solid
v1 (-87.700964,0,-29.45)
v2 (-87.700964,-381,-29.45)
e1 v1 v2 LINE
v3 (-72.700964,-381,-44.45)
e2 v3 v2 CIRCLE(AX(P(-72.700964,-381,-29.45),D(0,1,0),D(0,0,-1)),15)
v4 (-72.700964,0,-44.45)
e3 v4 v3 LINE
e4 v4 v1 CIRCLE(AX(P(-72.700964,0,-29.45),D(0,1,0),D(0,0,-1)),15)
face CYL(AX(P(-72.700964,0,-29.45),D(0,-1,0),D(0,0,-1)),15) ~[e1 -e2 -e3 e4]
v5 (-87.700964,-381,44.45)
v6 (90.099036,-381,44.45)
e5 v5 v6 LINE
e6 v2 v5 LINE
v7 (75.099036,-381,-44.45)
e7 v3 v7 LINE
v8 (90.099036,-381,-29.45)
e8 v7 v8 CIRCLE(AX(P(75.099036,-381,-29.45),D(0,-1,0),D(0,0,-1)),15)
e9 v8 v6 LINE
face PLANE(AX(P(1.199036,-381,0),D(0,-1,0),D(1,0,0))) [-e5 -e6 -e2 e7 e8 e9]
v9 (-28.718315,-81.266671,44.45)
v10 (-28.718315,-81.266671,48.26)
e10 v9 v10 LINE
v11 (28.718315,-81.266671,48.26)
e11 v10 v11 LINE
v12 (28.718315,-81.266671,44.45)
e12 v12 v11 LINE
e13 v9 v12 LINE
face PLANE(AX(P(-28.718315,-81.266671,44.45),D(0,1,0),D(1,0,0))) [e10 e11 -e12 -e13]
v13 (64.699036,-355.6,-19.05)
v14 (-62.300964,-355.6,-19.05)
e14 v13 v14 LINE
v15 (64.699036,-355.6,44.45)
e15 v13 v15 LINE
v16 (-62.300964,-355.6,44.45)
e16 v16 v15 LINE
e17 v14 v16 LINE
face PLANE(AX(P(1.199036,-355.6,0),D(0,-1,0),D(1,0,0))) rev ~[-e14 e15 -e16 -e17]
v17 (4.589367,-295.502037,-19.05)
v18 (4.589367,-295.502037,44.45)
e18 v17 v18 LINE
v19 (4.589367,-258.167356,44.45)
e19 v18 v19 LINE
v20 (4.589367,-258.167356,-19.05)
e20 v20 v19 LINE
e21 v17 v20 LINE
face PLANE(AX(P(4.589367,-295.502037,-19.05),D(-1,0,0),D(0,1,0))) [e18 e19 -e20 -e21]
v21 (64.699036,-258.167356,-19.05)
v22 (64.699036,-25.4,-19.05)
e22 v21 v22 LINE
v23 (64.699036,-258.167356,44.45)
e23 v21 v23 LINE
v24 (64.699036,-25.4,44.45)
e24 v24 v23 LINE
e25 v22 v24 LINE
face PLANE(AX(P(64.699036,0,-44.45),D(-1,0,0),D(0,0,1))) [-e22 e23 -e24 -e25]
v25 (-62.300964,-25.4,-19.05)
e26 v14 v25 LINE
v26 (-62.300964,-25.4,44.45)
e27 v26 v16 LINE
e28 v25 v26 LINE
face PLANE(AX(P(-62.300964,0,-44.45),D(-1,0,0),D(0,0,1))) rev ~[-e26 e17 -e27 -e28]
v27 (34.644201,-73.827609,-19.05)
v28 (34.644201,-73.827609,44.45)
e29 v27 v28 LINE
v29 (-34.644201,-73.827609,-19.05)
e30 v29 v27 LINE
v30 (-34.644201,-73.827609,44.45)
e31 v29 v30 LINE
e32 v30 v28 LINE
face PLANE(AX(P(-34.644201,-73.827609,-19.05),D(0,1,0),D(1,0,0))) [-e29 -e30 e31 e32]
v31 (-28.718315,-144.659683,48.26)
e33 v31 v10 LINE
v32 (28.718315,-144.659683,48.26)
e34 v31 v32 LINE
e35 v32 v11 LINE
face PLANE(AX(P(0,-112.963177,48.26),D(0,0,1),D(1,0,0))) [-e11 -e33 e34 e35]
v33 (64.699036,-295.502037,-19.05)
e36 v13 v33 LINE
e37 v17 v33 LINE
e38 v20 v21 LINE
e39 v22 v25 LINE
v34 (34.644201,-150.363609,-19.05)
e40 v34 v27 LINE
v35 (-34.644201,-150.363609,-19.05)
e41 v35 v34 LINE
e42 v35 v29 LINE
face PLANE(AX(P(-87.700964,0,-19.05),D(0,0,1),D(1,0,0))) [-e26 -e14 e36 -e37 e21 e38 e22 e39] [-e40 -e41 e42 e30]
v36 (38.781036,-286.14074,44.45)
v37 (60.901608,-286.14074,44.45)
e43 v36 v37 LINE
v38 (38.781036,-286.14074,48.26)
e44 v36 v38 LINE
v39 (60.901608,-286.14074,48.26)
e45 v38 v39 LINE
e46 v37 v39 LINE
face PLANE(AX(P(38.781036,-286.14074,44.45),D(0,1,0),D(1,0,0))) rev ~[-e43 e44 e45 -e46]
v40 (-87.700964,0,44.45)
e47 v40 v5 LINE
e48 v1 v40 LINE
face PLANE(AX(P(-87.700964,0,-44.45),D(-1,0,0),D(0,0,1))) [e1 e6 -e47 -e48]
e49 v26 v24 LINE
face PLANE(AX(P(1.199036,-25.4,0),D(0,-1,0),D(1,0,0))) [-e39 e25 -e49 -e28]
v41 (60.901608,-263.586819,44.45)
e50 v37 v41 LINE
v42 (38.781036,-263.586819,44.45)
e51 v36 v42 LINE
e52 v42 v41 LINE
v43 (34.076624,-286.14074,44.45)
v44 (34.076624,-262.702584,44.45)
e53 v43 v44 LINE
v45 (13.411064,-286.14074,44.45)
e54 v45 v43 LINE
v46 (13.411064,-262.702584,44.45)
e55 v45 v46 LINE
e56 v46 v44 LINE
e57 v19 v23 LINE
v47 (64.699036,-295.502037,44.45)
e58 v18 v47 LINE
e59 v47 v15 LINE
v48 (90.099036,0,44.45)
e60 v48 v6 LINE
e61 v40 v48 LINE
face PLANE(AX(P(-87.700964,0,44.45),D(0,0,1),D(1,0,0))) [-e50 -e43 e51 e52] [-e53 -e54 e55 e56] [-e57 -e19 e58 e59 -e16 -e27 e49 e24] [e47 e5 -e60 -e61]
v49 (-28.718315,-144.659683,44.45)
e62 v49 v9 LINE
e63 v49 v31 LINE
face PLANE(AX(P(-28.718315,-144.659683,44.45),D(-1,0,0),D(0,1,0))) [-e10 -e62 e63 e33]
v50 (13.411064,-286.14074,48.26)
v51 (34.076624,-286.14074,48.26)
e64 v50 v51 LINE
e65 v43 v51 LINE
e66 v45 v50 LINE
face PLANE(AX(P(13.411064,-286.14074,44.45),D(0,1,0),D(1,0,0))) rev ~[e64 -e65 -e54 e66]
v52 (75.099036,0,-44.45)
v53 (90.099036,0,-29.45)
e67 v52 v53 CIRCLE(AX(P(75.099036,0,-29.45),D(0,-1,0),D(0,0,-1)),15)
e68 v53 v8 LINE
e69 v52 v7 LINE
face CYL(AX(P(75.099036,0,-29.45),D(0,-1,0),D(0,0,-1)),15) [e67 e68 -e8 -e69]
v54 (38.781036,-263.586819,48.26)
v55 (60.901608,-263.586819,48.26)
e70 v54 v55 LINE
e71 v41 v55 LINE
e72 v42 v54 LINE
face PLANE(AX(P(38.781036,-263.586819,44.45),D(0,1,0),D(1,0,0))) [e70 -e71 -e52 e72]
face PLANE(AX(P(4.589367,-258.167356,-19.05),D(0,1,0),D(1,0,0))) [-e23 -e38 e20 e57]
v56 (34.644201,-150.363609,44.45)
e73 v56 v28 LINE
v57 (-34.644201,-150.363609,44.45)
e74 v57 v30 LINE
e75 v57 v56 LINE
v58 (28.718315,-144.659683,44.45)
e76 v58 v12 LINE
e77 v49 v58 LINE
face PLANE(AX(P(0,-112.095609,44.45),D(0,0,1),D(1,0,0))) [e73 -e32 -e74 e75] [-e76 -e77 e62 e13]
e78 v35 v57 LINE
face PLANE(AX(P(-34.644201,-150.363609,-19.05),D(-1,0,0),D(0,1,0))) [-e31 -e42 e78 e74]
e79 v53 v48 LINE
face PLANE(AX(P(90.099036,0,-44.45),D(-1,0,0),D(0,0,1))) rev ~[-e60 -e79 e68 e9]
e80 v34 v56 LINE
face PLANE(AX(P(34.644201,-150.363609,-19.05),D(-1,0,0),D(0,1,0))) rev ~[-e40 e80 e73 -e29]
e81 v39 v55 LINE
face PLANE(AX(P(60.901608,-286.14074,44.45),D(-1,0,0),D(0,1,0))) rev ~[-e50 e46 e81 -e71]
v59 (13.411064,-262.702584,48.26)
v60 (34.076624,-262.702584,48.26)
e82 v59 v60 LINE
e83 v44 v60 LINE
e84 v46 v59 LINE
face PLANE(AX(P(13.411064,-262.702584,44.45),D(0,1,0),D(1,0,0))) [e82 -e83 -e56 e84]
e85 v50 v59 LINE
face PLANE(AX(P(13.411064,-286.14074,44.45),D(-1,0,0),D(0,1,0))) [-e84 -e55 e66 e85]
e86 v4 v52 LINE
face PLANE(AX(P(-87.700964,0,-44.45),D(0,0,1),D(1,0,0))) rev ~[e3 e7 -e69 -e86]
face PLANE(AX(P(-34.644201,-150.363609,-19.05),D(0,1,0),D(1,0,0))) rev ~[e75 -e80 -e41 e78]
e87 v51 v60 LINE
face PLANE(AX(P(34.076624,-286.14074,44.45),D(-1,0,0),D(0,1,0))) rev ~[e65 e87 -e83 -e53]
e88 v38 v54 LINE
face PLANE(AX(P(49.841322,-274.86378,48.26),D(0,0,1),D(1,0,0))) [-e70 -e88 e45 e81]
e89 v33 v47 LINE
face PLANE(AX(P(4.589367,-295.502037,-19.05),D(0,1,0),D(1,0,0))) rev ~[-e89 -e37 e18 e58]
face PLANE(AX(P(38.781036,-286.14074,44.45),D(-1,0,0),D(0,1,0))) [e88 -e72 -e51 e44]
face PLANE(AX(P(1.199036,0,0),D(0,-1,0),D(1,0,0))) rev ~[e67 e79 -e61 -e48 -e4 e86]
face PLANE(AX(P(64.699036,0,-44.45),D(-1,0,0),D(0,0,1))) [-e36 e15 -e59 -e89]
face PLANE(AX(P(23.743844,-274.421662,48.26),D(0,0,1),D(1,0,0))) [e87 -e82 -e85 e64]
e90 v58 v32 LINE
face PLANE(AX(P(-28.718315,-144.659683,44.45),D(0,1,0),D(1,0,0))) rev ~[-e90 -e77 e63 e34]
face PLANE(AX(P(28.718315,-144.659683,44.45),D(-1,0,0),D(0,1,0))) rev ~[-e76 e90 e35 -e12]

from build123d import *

# Parameters (mm, degrees)
F0_W     = 177.8
F0_H     = 88.9
F1_DEPTH = 381
F2_T     = -25.4
F3_W     = 69.2884027958
F3_H     = 76.5359997749
F3_W_2   = 60.1096697411
F3_H_2   = 37.3346805573
F4_DEPTH = 63.5
F5_W     = 57.4366301298
F5_H     = 63.3930116892
F5_W_2   = 22.1205726266
F5_H_2   = 22.5539207458
F5_W_3   = 20.6655599177
F5_H_3   = 23.4381556511
F6_DEPTH = 3.81
F7_R     = 15
F8_R     = 15


with BuildPart() as f1:
    # F0 (on Front) → F1 (new body)
    with BuildSketch(Plane.XZ):
        with Locations((1.1990362685, 0)):
            Rectangle(F0_W, F0_H)
    extrude(amount=F1_DEPTH)

    # F2
    f2_openings = [f1.faces().sort_by_distance(p)[0] for p in [
        (1.199036, -190.5, 44.45),
    ]]
    offset(amount=F2_T, openings=f2_openings)

    # F3 (on face) → F4 (join)
    with BuildSketch(Plane.XY.offset(-19.05)):
        with Locations((0, -112.0956093073)):
            Rectangle(F3_W, F3_H)
        with Locations((34.6442013979, -276.8346965313)):
            Rectangle(F3_W_2, F3_H_2)
    extrude(amount=F4_DEPTH)

    # F5 (on face) → F6 (join)
    with BuildSketch(Plane.XY.offset(44.45)):
        with Locations((0, -112.9631772637)):
            Rectangle(F5_W, F5_H)
        with Locations((49.8413220048, -274.8637795448)):
            Rectangle(F5_W_2, F5_H_2)
        with Locations((23.7438436598, -274.4216620922)):
            Rectangle(F5_W_3, F5_H_3)
    extrude(amount=F6_DEPTH)

    # F7
    f7_edges = [f1.edges().sort_by_distance(p)[0] for p in [
        (90.099036, -190.5, -44.45),
    ]]
    fillet(f7_edges, radius=F7_R)

    # F8
    f8_edges = [f1.edges().sort_by_distance(p)[0] for p in [
        (-87.700964, -190.5, -44.45),
    ]]
    fillet(f8_edges, radius=F8_R)


solid = f1.part
